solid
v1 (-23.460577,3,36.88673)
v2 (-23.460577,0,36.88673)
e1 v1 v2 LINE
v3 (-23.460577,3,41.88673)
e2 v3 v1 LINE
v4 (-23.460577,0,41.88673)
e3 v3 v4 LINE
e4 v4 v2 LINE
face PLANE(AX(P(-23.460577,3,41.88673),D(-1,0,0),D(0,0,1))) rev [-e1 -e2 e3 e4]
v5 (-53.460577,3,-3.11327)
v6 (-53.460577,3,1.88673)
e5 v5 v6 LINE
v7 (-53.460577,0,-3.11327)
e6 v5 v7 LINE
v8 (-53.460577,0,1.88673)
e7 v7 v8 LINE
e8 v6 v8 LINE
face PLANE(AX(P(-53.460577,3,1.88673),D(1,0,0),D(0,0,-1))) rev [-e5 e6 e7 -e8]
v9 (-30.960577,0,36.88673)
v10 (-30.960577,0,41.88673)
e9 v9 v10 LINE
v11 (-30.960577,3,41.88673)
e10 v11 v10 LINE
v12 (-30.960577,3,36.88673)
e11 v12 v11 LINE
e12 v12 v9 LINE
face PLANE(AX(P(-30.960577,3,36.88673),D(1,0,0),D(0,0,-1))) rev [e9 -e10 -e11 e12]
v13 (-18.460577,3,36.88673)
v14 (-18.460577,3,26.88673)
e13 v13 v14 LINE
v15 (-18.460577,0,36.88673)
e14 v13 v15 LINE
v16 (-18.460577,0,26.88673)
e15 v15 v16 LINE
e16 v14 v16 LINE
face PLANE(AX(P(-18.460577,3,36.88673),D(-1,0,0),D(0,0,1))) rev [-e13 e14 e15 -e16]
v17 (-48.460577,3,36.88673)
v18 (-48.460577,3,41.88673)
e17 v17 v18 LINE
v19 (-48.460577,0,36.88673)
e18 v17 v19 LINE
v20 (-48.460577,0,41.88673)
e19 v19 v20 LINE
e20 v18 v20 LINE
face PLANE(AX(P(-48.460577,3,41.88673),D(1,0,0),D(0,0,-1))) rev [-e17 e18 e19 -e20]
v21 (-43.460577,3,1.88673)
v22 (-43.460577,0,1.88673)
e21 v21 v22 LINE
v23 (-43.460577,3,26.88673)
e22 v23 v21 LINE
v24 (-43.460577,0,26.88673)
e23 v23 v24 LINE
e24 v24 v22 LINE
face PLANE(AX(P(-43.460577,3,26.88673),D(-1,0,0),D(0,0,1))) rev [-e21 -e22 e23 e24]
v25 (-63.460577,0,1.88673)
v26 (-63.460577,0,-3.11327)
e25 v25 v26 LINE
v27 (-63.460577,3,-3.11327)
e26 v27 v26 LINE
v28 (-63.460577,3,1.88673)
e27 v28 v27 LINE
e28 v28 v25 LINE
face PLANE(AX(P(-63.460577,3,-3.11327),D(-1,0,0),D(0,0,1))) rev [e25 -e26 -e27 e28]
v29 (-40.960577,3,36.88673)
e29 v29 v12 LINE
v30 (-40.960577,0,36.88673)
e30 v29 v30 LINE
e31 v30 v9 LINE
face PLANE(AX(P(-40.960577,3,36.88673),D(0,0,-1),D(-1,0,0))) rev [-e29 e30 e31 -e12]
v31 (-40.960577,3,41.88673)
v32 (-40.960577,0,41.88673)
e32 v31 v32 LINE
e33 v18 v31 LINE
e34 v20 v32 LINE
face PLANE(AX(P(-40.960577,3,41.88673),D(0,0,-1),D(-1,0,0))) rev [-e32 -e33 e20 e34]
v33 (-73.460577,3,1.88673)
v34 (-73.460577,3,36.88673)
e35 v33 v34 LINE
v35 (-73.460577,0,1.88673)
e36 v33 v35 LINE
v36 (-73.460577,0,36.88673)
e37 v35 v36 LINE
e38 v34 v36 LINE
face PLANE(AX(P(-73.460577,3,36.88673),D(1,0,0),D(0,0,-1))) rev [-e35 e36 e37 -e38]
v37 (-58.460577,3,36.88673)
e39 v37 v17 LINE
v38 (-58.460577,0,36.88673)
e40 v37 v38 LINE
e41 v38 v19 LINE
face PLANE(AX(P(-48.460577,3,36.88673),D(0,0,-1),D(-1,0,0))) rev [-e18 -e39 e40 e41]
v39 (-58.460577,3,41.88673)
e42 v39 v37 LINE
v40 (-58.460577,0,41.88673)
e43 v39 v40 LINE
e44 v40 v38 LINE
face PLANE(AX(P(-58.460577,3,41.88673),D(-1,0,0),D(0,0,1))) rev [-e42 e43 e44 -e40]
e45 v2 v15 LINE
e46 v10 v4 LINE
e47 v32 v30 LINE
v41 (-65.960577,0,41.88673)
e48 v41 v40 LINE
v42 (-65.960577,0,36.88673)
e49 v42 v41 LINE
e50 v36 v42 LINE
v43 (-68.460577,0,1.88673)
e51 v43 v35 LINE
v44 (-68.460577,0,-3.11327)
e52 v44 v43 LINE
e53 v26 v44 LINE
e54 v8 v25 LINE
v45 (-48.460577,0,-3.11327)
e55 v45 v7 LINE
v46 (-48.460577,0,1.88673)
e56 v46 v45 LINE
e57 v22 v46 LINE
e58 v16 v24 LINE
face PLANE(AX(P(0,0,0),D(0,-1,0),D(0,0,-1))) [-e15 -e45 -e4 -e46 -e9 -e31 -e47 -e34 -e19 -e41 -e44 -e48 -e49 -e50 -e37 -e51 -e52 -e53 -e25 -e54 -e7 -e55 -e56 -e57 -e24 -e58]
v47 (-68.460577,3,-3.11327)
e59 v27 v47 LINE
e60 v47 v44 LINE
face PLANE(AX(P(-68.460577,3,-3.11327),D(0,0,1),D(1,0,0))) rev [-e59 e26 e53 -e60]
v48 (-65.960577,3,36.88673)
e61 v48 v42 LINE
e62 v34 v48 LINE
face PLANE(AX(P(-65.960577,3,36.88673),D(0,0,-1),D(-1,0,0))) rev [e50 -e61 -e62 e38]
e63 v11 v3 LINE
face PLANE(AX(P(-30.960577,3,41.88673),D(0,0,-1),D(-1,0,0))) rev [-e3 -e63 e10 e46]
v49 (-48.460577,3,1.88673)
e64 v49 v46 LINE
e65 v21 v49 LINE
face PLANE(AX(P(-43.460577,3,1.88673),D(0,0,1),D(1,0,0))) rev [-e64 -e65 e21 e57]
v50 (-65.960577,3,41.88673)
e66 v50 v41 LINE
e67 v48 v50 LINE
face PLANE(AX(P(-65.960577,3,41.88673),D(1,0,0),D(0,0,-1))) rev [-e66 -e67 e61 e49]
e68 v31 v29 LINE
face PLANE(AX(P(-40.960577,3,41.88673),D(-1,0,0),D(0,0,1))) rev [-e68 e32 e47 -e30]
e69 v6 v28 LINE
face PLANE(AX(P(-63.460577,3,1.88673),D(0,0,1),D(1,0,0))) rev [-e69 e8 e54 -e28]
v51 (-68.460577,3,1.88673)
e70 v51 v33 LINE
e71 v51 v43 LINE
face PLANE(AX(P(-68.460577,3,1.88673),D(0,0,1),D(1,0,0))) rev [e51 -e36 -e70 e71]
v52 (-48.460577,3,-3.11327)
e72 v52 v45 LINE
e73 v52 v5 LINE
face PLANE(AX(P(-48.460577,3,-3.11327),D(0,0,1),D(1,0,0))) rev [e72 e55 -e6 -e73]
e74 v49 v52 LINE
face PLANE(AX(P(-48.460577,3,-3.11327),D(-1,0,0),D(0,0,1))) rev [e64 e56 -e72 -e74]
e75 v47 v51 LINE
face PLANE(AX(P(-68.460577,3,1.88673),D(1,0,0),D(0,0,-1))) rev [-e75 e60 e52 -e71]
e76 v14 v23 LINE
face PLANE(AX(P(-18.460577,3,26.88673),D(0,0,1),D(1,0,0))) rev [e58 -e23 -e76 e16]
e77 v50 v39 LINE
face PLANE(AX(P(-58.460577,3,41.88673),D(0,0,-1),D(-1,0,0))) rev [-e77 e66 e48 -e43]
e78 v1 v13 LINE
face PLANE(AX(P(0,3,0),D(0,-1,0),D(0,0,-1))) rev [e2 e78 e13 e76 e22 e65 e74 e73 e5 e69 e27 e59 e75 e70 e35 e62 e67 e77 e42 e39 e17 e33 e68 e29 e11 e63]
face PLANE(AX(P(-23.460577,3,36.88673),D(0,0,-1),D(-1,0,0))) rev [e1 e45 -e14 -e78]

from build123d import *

# Parameters (mm, degrees)
BOSS_EXTRUDE1_DEPTH = 3


with BuildPart() as part:
    # Sketch1 → Boss-Extrude1 (new body)
    with BuildSketch(Plane(origin=(0, 0, 0), x_dir=(1, 0, 0), z_dir=(0, 1, 0))):
        Polygon((-40.960576752, -36.886729579), (-30.960576752, -36.886729579), (-30.960576752, -41.886729579), (-23.460576752, -41.886729579), (-23.460576752, -36.886729579), (-18.460576752, -36.886729579), (-18.460576752, -26.886729579), (-43.460576752, -26.886729579), (-43.460576752, -1.886729579), (-48.460576752, -1.886729579), (-48.460576752, 3.113270421), (-53.460576752, 3.113270421), (-53.460576752, -1.886729579), (-63.460576752, -1.886729579), (-63.460576752, 3.113270421), (-68.460576752, 3.113270421), (-68.460576752, -1.886729579), (-73.460576752, -1.886729579), (-73.460576752, -36.886729579), (-65.960576752, -36.886729579), (-65.960576752, -41.886729579), (-58.460576752, -41.886729579), (-58.460576752, -36.886729579), (-48.460576752, -36.886729579), (-48.460576752, -41.886729579), (-40.960576752, -41.886729579), align=None)
    extrude(amount=BOSS_EXTRUDE1_DEPTH)


solid = part.part
